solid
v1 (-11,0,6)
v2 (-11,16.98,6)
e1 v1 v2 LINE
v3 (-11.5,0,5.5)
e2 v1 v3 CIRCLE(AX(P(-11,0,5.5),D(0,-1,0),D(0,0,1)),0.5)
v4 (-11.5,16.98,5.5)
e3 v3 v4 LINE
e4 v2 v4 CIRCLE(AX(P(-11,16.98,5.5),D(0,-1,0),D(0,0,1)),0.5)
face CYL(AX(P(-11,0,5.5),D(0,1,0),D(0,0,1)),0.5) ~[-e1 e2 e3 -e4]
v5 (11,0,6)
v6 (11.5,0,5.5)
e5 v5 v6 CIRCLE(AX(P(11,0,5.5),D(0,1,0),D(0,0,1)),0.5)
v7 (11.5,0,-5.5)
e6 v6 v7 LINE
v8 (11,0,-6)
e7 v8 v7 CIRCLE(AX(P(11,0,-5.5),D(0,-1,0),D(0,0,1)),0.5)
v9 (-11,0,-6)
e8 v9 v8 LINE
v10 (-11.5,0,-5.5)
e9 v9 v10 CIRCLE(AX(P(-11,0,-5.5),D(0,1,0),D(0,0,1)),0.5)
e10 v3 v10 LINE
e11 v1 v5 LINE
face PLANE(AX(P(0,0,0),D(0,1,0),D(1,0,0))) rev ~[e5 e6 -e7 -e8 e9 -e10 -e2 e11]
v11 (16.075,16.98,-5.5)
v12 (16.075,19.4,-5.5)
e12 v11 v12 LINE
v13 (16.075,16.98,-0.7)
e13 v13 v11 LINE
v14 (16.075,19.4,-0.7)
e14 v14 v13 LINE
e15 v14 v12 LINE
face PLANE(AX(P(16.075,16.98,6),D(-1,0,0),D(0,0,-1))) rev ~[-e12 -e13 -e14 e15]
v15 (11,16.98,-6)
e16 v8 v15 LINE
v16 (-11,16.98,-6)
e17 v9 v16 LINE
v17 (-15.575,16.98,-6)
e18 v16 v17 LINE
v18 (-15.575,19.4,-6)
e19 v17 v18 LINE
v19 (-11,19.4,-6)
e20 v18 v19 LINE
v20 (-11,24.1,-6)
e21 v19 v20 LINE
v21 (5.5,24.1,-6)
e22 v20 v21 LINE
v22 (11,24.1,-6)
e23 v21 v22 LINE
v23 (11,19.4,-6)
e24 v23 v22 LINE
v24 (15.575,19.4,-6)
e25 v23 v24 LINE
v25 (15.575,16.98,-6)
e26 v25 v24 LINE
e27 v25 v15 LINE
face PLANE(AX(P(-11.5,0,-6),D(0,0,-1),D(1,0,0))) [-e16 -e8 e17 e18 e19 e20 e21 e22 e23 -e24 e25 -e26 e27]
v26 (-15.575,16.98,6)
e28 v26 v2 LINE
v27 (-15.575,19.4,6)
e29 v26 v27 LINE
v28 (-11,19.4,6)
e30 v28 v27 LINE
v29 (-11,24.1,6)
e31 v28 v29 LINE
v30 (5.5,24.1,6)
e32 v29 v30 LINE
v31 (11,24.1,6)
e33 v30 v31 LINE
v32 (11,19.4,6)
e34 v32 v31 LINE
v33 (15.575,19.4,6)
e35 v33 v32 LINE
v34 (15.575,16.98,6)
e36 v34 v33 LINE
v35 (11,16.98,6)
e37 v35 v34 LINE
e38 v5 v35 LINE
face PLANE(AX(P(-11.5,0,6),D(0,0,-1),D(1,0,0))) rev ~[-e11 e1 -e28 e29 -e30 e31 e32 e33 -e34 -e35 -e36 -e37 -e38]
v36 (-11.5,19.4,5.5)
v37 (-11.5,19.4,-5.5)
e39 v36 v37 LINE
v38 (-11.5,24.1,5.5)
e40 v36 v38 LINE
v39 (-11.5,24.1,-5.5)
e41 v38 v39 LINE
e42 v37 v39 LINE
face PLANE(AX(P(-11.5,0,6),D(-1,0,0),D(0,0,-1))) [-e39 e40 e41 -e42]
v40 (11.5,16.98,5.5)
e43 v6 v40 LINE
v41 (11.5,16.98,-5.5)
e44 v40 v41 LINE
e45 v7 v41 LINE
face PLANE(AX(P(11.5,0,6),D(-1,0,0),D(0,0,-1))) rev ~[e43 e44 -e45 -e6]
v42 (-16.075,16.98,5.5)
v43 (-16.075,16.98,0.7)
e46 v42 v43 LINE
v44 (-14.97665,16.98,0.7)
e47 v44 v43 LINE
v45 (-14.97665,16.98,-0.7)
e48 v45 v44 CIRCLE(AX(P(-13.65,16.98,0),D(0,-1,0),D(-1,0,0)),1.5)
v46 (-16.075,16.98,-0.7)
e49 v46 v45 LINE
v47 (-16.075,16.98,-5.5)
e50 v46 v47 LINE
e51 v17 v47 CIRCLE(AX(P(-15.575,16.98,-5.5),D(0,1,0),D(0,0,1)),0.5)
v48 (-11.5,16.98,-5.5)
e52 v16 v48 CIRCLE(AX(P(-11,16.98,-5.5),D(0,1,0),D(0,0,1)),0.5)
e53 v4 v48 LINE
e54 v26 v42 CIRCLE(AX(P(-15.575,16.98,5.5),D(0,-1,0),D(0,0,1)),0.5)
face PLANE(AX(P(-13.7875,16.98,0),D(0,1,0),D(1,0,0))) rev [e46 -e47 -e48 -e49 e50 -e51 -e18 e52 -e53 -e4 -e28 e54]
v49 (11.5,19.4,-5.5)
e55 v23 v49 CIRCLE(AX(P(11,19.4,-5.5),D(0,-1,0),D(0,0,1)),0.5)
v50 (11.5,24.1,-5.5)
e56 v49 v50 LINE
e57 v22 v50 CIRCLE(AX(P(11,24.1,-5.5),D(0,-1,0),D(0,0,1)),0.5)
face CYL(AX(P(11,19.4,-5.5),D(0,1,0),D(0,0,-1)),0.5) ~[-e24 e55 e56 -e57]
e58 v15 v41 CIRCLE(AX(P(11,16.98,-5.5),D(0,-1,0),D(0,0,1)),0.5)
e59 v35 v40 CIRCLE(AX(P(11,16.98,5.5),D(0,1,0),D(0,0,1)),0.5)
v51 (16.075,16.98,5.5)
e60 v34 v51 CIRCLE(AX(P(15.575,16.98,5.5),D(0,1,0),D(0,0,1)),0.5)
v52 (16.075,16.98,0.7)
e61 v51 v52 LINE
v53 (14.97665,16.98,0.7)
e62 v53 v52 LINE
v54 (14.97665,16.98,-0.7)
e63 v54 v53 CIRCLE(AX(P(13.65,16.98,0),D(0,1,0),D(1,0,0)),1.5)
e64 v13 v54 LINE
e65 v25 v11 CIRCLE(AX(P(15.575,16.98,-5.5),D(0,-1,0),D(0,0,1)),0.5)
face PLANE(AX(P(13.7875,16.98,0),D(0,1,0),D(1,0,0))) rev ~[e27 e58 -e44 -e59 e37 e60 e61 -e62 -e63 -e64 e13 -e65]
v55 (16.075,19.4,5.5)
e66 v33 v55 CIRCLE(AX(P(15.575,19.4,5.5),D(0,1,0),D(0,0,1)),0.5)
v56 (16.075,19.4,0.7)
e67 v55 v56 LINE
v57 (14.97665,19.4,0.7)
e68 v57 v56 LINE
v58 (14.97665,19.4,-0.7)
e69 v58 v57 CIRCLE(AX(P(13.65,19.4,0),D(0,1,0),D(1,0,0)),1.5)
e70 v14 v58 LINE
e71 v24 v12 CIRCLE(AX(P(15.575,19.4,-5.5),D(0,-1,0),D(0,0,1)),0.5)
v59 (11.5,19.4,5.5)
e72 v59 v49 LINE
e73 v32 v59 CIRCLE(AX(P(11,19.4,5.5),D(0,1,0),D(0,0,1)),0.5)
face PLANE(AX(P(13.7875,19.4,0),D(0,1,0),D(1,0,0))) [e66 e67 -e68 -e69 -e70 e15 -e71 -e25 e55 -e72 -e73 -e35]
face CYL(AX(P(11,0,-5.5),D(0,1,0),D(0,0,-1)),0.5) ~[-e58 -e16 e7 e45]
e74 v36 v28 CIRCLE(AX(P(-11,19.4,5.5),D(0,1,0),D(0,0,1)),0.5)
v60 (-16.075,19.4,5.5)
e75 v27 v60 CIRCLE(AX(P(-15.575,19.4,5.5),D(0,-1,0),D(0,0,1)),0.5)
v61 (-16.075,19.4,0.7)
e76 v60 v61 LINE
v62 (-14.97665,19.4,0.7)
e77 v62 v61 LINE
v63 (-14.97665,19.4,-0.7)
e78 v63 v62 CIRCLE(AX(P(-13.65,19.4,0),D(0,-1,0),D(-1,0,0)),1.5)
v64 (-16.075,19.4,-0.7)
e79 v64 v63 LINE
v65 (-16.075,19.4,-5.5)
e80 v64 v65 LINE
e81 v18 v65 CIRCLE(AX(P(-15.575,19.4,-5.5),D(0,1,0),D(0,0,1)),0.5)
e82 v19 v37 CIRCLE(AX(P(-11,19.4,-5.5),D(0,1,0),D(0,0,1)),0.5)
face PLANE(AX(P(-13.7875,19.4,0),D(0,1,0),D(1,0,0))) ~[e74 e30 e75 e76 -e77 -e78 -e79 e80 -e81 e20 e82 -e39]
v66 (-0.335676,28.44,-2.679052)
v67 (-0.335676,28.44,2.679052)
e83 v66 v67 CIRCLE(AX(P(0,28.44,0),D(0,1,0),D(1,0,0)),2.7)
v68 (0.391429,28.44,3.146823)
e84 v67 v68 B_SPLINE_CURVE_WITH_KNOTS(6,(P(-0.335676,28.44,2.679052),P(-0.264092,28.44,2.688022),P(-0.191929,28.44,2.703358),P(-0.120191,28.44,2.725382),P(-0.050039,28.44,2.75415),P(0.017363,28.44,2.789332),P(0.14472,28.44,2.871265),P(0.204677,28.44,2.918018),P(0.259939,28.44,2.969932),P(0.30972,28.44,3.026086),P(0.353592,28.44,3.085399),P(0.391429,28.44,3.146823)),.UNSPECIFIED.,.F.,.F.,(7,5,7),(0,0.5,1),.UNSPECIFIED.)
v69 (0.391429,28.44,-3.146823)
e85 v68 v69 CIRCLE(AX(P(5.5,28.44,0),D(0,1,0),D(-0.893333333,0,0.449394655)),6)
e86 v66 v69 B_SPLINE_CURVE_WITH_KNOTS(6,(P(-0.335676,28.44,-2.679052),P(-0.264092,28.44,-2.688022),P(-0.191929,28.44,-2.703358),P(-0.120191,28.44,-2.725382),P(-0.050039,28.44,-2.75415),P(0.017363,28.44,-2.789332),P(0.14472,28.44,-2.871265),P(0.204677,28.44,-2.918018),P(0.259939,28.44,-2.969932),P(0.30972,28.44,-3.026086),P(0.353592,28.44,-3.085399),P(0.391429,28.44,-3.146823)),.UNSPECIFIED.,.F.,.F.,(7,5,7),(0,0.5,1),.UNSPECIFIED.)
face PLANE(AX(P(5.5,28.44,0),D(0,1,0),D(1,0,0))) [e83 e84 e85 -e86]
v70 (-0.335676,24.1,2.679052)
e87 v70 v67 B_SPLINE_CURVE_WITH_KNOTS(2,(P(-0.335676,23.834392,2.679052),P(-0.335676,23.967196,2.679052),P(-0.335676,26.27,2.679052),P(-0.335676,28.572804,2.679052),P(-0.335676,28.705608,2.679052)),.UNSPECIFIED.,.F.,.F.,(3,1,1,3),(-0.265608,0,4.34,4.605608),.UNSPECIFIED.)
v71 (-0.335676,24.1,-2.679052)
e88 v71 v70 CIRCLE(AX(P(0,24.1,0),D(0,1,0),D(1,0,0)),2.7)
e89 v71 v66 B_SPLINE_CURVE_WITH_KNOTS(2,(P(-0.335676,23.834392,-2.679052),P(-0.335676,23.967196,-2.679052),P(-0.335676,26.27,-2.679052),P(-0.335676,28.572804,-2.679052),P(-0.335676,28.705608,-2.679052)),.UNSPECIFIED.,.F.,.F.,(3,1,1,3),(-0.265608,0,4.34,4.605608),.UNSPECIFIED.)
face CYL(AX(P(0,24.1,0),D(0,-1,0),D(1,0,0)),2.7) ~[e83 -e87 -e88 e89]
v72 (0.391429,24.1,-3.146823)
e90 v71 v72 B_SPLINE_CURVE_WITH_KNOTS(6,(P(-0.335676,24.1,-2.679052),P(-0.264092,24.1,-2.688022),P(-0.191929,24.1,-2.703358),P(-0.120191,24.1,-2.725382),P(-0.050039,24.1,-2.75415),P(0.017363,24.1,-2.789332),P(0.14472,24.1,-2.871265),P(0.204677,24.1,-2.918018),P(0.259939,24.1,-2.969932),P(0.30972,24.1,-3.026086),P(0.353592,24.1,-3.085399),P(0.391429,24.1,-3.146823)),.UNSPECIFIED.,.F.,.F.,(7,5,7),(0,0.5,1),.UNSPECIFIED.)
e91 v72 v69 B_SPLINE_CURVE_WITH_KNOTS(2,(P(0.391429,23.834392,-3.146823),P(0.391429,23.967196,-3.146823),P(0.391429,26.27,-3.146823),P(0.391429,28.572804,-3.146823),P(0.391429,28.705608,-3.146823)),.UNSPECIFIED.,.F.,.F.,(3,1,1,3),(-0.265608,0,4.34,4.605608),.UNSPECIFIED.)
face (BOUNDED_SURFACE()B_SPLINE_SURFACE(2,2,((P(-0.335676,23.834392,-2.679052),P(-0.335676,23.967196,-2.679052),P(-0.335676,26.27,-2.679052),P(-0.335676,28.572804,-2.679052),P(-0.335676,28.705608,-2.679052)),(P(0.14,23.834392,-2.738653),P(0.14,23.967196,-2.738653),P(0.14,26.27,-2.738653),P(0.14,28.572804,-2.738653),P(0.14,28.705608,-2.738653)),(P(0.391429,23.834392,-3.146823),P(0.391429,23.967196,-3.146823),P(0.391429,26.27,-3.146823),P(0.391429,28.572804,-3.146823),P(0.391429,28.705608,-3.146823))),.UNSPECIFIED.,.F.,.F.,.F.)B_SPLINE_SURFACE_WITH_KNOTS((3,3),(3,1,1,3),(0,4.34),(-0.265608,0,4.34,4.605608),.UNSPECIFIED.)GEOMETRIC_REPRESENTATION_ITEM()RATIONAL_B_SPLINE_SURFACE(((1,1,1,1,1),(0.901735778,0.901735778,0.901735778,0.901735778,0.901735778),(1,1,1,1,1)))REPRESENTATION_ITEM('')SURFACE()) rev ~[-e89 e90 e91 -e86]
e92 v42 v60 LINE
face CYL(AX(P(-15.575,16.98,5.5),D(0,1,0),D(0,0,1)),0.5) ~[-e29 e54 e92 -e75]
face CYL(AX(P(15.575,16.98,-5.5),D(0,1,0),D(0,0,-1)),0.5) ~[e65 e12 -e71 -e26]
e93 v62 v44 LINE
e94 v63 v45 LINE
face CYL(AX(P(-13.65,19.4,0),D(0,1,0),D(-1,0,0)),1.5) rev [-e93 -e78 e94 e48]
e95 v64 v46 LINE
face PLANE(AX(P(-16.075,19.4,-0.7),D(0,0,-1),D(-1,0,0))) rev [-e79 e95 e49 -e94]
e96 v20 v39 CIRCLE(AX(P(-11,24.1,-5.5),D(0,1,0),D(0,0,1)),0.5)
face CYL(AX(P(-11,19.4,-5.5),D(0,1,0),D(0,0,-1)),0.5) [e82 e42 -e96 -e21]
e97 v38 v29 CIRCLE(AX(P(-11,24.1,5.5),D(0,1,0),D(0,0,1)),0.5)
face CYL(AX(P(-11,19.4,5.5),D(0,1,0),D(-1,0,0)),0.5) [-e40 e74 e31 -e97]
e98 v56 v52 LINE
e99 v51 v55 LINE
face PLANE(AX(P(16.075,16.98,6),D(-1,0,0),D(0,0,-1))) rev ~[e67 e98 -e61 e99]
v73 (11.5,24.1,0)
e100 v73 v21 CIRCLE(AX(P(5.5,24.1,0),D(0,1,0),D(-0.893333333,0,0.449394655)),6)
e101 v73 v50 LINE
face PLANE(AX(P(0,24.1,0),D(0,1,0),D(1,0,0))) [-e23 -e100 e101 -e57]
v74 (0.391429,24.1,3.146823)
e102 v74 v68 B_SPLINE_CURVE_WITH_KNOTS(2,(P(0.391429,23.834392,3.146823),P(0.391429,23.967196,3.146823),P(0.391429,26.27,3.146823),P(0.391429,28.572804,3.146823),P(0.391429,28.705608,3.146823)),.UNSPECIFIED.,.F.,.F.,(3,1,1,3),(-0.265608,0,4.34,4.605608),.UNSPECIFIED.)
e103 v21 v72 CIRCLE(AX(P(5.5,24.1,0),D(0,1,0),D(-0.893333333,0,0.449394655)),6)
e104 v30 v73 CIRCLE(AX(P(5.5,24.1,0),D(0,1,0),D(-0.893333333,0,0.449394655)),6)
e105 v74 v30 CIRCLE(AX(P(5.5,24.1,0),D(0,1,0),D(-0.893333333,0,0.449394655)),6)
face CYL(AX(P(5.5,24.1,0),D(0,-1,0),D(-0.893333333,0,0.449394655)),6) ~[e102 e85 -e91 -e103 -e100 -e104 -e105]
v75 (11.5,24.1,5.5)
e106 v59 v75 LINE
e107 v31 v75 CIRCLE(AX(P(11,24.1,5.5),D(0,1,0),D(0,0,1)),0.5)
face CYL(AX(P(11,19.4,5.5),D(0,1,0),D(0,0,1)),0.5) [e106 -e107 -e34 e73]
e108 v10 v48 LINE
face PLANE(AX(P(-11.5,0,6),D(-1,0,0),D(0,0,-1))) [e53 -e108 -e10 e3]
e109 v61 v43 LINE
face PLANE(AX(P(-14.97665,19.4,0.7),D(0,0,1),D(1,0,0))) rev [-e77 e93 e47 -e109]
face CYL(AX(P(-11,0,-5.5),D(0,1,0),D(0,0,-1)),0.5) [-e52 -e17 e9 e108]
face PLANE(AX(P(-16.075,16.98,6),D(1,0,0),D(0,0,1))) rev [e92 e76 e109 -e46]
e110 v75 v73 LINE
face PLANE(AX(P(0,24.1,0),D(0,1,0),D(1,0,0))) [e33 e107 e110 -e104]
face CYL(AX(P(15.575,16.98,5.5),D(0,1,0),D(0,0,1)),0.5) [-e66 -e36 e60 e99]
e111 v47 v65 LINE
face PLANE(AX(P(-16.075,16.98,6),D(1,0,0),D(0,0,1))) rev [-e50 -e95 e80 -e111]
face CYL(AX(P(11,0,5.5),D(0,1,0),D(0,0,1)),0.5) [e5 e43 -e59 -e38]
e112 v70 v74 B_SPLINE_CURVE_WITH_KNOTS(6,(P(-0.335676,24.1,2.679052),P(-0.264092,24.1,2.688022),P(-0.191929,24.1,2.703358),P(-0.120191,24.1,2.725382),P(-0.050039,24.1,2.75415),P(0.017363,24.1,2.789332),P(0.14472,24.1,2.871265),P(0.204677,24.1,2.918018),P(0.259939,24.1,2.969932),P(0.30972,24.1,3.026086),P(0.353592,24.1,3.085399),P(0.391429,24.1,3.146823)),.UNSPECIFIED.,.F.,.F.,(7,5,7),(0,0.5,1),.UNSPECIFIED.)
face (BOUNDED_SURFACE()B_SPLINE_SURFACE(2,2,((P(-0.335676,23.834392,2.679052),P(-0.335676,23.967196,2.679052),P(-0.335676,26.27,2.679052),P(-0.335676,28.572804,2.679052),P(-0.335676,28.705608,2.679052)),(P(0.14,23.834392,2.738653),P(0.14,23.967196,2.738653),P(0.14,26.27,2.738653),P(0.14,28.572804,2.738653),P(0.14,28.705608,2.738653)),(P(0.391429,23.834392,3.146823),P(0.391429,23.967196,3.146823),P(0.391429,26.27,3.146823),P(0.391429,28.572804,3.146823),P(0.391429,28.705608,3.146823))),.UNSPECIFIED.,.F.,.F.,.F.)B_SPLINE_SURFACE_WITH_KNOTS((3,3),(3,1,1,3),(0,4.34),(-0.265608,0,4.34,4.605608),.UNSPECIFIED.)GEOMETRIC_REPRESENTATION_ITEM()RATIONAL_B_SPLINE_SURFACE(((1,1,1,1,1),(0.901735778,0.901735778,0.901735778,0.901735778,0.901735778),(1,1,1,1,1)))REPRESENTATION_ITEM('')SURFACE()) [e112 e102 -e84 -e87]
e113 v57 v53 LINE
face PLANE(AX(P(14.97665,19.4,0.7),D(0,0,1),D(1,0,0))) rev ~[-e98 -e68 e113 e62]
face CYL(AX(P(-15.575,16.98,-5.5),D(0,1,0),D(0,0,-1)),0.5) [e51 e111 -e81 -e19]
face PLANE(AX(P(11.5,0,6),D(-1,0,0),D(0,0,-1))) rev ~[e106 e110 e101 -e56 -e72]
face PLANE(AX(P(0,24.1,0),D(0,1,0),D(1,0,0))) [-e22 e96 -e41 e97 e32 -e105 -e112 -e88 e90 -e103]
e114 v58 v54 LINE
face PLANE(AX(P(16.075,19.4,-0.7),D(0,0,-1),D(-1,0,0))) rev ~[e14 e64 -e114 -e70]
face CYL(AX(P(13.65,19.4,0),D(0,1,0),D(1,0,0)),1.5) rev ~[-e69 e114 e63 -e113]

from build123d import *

# Parameters (mm, degrees)
SKETCH1_W           = 23
SKETCH1_H           = 12
BOSS_EXTRUDE1_DEPTH = 24.1
SKETCH2_R           = 6
SKETCH2_R_2         = 2.7
BOSS_EXTRUDE2_DEPTH = 4.34
BOSS_EXTRUDE4_START = 16.98
SKETCH4_W           = 4.575
SKETCH4_H           = 12
BOSS_EXTRUDE4_DEPTH = 2.42
SKETCH5_R           = 1.5
CUT_EXTRUDE1_DEPTH  = 2.42
FILLET1_R           = 1
FILLET2_R           = 0.5


with BuildPart() as part:
    # Sketch1 → Boss-Extrude1 (new body)
    with BuildSketch(Plane(origin=(0, 0, 0), x_dir=(1, 0, 0), z_dir=(0, 1, 0))):
        Rectangle(SKETCH1_W, SKETCH1_H)
    extrude(amount=BOSS_EXTRUDE1_DEPTH)

    # Sketch2 → Boss-Extrude2 (add)
    with BuildSketch(Plane(origin=(0, 24.1, 0), x_dir=(1, 0, 0), z_dir=(0, 1, 0))):
        with Locations((5.5, 0)):
            Circle(SKETCH2_R)
        Circle(SKETCH2_R_2)
    extrude(amount=BOSS_EXTRUDE2_DEPTH)

    # Sketch4 → Boss-Extrude4 (add)
    with BuildSketch(Plane(origin=(0, 0, 0), x_dir=(1, 0, 0), z_dir=(0, 1, 0)).offset(BOSS_EXTRUDE4_START)):
        with Locations((13.7875, 0)):
            Rectangle(SKETCH4_W, SKETCH4_H)
    boss_extrude4 = extrude(amount=BOSS_EXTRUDE4_DEPTH)

    # Sketch5 → Cut-Extrude1 (cut)
    with BuildSketch(Plane(origin=(0, 19.4, 0), x_dir=(1, 0, 0), z_dir=(0, 1, 0))):
        with Locations((13.65, 0)):
            Circle(SKETCH5_R)
        with BuildLine():
            Line((16.075, 0.7), (14.976649916, 0.7))
            ThreePointArc((14.976649916, 0.7), (15.106017664, 0.360572549), (15.15, 0))
            ThreePointArc((15.15, 0), (15.106017664, -0.360572549), (14.976649916, -0.7))
            Line((14.976649916, -0.7), (16.075, -0.7))
            Line((16.075, -0.7), (16.075, 0.7))
        make_face()
    cut_extrude1 = extrude(amount=-CUT_EXTRUDE1_DEPTH, mode=Mode.SUBTRACT)

    # Mirror2: Boss-Extrude4, Cut-Extrude1 across plane
    add(boss_extrude4.mirror(Plane(origin=(0, 0, 0), x_dir=(0, 0, 1), z_dir=(1, 0, 0))))
    add(cut_extrude1.mirror(Plane(origin=(0, 0, 0), x_dir=(0, 0, 1), z_dir=(1, 0, 0))), mode=Mode.SUBTRACT)

    # Fillet1
    fillet1_edges = [part.edges().sort_by_distance(p)[0] for p in [
        (0.14, 26.27, -2.696367927),
        (0.14, 26.27, 2.696367927),
    ]]
    fillet(fillet1_edges, radius=FILLET1_R)

    # Fillet2
    fillet2_edges = [part.edges().sort_by_distance(p)[0] for p in [
        (11.5, 8.49, 6),
        (11.5, 8.49, -6),
        (16.075, 18.19, -6),
        (16.075, 18.19, 6),
        (-11.5, 8.49, 6),
        (-11.5, 8.49, -6),
        (-16.075, 18.19, -6),
        (-16.075, 18.19, 6),
        (11.5, 21.75, 6),
        (-11.5, 21.75, 6),
        (-11.5, 21.75, -6),
        (11.5, 21.75, -6),
    ]]
    fillet(fillet2_edges, radius=FILLET2_R)


solid = part.part
